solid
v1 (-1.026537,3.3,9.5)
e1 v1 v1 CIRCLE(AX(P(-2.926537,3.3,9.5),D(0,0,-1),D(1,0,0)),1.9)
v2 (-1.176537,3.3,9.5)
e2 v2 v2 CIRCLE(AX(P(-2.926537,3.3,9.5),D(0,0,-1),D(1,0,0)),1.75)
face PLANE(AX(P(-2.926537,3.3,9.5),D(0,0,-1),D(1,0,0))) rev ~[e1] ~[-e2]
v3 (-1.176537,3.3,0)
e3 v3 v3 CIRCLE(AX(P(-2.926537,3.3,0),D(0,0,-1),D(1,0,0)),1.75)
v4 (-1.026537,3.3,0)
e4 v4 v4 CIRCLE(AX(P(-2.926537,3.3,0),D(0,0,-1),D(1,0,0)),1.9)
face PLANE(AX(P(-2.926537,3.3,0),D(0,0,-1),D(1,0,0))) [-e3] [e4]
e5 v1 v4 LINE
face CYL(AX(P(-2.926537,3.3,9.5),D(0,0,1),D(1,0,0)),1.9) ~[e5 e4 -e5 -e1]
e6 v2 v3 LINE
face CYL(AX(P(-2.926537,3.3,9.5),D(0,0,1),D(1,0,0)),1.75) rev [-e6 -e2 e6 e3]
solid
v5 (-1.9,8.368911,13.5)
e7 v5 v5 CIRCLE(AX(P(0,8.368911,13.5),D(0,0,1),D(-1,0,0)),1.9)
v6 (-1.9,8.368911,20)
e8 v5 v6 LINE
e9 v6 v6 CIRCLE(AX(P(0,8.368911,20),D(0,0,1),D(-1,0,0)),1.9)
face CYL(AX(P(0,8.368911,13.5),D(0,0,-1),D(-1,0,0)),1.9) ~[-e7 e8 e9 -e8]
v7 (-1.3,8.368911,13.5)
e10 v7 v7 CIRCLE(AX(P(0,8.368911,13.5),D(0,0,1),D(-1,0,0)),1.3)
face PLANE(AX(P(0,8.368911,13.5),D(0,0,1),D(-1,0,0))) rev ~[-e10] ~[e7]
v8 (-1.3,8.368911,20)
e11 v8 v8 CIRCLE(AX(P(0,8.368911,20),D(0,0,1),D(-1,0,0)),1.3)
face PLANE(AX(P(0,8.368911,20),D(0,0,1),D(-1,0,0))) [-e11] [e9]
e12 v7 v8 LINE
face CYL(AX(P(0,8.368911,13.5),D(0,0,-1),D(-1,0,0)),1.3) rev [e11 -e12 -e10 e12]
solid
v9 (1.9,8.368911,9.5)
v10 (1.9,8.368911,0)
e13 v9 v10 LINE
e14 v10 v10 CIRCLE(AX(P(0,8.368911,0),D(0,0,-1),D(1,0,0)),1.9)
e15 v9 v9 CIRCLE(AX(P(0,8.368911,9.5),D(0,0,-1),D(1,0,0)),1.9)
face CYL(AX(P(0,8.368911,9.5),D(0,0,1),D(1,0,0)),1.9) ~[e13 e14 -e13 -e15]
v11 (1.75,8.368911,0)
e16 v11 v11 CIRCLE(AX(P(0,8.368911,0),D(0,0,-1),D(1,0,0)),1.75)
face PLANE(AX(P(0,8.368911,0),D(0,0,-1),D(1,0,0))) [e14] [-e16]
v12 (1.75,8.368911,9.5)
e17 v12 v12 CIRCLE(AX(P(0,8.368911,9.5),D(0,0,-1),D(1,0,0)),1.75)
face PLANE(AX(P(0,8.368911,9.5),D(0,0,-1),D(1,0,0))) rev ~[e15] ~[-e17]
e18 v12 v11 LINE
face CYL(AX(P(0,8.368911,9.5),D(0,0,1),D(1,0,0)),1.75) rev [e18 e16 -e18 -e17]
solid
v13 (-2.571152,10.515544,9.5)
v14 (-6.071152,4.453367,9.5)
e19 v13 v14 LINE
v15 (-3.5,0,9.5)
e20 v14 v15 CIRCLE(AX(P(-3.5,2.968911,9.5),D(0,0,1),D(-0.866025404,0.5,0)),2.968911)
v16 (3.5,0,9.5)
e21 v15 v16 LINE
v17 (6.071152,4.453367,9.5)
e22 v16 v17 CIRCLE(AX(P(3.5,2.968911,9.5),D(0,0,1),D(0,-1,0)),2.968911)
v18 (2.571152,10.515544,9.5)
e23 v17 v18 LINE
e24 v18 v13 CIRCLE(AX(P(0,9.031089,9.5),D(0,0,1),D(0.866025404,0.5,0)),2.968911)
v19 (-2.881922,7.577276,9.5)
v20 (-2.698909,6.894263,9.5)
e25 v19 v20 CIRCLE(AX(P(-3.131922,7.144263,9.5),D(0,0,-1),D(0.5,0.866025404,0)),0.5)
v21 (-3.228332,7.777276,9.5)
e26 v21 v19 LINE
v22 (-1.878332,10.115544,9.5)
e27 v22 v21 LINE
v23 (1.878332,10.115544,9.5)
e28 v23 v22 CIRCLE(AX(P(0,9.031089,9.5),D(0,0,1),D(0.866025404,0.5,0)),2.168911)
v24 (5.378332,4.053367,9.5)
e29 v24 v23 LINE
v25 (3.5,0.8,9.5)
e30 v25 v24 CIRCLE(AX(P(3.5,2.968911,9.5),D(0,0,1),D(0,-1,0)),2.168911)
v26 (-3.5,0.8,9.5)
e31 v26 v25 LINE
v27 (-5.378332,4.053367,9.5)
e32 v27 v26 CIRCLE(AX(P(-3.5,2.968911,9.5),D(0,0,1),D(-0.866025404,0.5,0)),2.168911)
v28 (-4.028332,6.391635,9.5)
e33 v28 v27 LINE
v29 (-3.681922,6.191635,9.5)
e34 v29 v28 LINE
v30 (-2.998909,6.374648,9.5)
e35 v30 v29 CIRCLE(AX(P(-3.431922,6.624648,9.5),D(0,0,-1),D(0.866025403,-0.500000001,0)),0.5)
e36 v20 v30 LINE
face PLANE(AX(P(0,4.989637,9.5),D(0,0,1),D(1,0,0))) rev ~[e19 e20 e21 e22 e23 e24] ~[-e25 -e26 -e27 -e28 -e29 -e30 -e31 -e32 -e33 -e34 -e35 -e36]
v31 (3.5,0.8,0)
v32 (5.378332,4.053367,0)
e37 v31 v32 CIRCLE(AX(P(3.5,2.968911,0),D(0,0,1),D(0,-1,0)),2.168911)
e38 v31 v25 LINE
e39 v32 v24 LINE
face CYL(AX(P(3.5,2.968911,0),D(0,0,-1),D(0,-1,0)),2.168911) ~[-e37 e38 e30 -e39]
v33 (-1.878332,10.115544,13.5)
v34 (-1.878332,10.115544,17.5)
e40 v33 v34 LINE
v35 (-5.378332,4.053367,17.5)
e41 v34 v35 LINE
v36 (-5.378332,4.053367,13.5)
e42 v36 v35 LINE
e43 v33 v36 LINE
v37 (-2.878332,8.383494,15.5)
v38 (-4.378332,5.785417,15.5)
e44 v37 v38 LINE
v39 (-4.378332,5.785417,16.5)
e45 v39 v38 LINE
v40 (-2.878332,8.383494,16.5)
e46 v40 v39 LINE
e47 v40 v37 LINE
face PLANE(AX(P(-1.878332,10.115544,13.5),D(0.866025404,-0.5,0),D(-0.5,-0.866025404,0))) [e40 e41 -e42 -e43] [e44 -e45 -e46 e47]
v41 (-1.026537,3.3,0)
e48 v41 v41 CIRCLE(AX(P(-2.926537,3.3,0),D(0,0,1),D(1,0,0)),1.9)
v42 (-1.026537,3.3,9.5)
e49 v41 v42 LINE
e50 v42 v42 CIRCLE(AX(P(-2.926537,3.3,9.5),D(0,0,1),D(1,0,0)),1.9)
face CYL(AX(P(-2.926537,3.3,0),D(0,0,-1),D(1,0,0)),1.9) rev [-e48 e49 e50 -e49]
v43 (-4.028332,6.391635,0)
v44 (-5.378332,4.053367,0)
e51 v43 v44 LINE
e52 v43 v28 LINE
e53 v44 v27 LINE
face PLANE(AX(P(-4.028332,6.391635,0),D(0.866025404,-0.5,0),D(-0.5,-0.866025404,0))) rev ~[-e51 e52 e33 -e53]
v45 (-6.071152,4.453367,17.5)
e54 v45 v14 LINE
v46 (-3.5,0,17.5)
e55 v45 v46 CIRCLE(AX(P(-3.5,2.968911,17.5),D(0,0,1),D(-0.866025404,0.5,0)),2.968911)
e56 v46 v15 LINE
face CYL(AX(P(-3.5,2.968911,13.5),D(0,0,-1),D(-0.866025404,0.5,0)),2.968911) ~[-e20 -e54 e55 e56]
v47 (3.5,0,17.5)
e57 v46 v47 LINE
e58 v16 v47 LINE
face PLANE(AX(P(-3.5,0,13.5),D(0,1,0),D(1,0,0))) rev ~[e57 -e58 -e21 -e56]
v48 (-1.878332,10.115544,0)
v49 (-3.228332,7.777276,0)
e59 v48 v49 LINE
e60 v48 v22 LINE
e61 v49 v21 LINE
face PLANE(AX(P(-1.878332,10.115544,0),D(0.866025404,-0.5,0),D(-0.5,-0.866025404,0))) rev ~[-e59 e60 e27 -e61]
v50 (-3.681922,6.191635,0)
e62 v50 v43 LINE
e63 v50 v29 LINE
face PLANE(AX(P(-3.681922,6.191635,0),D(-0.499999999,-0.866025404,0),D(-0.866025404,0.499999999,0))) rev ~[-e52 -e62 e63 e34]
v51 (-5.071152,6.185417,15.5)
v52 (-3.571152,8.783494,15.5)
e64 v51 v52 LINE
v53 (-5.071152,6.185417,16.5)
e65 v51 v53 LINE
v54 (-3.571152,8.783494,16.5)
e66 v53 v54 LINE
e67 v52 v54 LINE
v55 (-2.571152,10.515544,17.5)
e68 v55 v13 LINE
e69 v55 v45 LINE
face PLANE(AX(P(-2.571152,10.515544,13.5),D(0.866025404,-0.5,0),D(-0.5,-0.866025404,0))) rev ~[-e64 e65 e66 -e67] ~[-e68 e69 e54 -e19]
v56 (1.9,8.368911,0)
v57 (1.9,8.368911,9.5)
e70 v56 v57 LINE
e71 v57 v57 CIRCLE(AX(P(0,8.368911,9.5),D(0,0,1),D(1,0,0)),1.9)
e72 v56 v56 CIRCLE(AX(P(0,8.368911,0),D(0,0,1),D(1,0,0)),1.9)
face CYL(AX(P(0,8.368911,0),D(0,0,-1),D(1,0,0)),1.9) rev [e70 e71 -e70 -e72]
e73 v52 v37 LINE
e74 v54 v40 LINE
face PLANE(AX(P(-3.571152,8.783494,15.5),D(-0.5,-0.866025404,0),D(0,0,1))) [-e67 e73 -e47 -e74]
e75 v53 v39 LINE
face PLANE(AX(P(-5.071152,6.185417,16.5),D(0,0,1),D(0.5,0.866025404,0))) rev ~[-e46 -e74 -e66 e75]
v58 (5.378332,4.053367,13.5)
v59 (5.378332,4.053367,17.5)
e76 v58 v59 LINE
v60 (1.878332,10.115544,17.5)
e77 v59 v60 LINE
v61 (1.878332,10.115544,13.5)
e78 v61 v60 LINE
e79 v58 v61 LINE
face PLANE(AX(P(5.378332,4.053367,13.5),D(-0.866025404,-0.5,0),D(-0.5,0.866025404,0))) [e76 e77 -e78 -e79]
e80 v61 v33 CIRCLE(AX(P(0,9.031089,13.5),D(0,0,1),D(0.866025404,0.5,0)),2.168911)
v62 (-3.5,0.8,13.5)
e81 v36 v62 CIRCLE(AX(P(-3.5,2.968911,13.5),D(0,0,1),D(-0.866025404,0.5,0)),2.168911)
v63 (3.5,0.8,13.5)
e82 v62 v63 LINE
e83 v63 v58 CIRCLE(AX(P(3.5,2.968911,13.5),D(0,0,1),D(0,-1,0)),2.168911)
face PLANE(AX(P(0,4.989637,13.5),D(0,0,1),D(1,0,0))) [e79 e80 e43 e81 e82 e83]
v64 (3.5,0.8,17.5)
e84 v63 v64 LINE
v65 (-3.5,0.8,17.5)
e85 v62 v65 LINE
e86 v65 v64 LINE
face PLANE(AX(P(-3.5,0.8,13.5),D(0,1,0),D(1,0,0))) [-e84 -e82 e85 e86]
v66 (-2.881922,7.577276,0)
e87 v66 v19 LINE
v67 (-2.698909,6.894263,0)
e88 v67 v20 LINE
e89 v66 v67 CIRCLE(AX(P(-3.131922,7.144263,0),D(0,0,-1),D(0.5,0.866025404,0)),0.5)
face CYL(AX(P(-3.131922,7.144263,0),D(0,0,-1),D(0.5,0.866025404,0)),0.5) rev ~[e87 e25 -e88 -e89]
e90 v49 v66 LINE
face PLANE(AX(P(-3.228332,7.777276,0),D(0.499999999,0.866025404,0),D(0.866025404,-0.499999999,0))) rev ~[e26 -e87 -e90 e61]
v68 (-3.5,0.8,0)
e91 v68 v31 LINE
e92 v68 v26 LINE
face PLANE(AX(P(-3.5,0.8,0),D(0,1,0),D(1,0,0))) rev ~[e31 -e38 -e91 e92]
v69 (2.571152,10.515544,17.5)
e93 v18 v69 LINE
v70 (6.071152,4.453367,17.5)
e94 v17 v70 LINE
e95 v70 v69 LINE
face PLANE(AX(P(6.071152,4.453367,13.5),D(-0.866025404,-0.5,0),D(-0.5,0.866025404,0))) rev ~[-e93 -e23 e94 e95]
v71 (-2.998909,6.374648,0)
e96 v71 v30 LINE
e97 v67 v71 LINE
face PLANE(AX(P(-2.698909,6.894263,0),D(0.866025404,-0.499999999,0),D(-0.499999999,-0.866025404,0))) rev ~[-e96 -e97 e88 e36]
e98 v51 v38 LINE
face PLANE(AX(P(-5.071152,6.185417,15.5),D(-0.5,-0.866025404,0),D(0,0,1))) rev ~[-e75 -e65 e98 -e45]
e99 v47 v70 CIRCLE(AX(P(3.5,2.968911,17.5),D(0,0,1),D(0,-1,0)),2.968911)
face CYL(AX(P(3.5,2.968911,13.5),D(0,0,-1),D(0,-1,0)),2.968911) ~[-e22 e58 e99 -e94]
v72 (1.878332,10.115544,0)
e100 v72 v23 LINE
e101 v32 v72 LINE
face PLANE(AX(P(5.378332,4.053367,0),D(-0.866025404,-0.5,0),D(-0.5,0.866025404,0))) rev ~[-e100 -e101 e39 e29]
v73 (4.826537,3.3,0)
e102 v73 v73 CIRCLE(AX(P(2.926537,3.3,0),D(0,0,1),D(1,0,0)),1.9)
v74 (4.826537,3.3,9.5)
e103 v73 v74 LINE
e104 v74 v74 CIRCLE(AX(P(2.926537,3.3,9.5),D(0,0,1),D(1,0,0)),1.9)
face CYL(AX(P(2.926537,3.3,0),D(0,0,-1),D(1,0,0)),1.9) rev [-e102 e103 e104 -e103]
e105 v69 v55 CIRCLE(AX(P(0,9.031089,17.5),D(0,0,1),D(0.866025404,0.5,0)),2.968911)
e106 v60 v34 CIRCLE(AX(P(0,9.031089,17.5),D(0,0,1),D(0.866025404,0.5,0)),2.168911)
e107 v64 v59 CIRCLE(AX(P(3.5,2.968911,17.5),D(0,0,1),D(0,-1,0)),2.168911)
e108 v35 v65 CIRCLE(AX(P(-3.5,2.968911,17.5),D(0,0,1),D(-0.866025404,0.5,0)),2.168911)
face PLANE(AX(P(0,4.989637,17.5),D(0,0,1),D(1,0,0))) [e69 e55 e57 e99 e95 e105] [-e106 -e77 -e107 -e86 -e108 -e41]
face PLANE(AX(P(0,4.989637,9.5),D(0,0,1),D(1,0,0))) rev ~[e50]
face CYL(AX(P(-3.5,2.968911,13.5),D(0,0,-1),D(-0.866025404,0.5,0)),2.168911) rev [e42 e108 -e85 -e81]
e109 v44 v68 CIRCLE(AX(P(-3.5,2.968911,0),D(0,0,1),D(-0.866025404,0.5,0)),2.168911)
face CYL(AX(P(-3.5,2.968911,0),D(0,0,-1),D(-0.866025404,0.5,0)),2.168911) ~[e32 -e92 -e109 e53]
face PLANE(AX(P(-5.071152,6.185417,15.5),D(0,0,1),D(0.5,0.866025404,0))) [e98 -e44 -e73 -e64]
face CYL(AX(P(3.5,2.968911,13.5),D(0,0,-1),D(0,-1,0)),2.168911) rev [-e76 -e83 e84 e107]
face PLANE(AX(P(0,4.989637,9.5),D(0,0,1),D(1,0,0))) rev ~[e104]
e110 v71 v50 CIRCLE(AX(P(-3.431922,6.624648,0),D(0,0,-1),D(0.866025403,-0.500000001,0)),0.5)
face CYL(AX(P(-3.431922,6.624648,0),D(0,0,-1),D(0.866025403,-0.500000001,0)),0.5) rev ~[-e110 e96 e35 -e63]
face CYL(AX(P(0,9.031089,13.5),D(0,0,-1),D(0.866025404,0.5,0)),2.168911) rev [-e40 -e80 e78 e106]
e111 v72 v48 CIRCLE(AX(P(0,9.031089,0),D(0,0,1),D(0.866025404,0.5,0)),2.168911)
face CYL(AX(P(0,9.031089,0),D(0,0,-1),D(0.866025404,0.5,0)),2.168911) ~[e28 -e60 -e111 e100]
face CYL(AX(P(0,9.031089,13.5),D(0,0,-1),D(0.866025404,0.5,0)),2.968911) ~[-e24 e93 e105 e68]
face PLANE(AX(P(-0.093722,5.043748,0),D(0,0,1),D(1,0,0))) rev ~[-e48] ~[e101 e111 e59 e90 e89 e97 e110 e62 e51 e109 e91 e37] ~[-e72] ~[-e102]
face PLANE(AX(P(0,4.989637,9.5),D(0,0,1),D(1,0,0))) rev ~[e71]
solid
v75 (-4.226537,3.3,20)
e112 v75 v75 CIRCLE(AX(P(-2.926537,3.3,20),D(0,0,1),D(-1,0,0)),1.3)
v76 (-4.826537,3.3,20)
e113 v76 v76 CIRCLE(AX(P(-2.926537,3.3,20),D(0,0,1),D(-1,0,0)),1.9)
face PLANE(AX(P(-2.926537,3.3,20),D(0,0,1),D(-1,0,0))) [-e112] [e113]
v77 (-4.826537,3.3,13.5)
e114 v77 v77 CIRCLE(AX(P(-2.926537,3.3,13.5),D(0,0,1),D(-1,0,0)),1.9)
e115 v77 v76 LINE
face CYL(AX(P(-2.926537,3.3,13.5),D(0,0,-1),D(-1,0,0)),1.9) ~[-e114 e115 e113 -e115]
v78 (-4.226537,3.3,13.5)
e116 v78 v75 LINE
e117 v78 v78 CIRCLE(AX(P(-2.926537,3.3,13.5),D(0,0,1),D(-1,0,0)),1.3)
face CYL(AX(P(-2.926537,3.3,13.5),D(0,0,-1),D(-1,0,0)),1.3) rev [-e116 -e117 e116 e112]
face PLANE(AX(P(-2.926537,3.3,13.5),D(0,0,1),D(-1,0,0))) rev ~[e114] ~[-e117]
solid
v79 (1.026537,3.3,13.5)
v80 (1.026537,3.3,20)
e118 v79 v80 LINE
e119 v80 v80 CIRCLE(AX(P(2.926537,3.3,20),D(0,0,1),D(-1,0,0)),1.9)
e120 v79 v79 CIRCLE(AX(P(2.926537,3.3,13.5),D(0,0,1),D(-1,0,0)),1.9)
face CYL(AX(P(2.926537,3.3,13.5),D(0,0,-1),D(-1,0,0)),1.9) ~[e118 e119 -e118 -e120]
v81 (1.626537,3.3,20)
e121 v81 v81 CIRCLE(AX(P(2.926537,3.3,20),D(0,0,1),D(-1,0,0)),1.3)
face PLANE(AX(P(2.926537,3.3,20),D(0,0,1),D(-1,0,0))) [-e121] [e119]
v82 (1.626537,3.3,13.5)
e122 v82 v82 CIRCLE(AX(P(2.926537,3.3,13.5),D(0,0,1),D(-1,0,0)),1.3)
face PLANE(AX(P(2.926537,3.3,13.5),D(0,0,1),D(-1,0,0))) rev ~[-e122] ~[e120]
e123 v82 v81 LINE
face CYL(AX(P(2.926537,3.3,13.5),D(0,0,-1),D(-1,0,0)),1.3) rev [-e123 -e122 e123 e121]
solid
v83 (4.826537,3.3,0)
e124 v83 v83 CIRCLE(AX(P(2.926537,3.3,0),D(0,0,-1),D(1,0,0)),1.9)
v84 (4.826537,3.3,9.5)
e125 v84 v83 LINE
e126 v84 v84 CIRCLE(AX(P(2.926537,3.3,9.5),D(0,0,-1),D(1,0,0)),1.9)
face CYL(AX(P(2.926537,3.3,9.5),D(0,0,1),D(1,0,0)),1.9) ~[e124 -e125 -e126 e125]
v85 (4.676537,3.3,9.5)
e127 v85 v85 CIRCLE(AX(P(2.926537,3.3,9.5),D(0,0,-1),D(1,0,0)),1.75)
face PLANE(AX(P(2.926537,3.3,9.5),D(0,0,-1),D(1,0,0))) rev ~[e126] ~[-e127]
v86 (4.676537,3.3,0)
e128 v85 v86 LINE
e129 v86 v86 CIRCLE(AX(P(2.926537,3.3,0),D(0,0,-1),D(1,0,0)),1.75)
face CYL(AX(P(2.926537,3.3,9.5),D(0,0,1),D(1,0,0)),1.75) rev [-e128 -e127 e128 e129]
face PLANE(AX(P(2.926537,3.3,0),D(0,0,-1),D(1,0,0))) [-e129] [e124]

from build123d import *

# Parameters (mm, degrees)
SKETCH_1_R          = 1.9
EXTRUDE_1_DEPTH     = 9.5
EXTRUDE_2_DEPTH     = 4
EXTRUDE_3_DEPTH     = 4
SKETCH_4_R          = 1.9
SKETCH_4_R_2        = 1.75
EXTRUDE_4_DEPTH     = 9.5
EXTRUDE_4_2_DEPTH   = 9.5
EXTRUDE_4_3_DEPTH   = 9.5
SKETCH_5_R          = 1.9
SKETCH_5_R_2        = 1.3
EXTRUDE_5_DEPTH     = 6.5
EXTRUDE_5_2_DEPTH   = 6.5
EXTRUDE_5_3_DEPTH   = 6.5
SKETCH_6_W          = 1
SKETCH_6_H          = 3
CUT_EXTRUDE_1_DEPTH = 1


with BuildPart() as part:
    # Эскиз1 → Бобышка-Вытянуть1 (new body)
    with BuildSketch(Plane.XY):
        with BuildLine():
            Line((-1.8783321, 10.115544457), (-3.2283321, 7.777275866))
            Line((-3.2283321, 7.777275866), (-2.881921938, 7.577275866))
            ThreePointArc((-2.881921938, 7.577275866), (-2.648959025, 7.273672687), (-2.698909236, 6.894263165))
            Line((-2.698909236, 6.894263165), (-2.998909236, 6.374647922))
            ThreePointArc((-2.998909236, 6.374647922), (-3.302512416, 6.141685009), (-3.681921938, 6.19163522))
            Line((-3.681921938, 6.19163522), (-4.0283321, 6.39163522))
            Line((-4.0283321, 6.39163522), (-5.3783321, 4.05336663))
            ThreePointArc((-5.3783321, 4.05336663), (-5.3783321, 1.884455543), (-3.5, 0.8))
            Line((-3.5, 0.8), (3.5, 0.8))
            ThreePointArc((3.5, 0.8), (5.3783321, 1.884455543), (5.3783321, 4.05336663))
            Line((5.3783321, 4.05336663), (1.8783321, 10.115544457))
            ThreePointArc((1.8783321, 10.115544457), (0, 11.2), (-1.8783321, 10.115544457))
        make_face()
        with Locations((-2.92653718, 3.3)):
            Circle(SKETCH_1_R, mode=Mode.SUBTRACT)
        with Locations((0, 8.368911087)):
            Circle(SKETCH_1_R, mode=Mode.SUBTRACT)
        with Locations((2.92653718, 3.3)):
            Circle(SKETCH_1_R, mode=Mode.SUBTRACT)
    extrude(amount=EXTRUDE_1_DEPTH)

    # Эскиз2 → Бобышка-Вытянуть2 (add)
    with BuildSketch(Plane.XY.offset(9.5)):
        with BuildLine():
            Line((6.071152423, 4.45336663), (2.571152423, 10.515544457))
            ThreePointArc((2.571152423, 10.515544457), (0, 12), (-2.571152423, 10.515544457))
            Line((-2.571152423, 10.515544457), (-6.071152423, 4.45336663))
            ThreePointArc((-6.071152423, 4.45336663), (-6.071152423, 1.484455543), (-3.5, 0))
            Line((-3.5, 0), (3.5, 0))
            ThreePointArc((3.5, 0), (6.071152423, 1.484455543), (6.071152423, 4.45336663))
        make_face()
    extrude(amount=EXTRUDE_2_DEPTH)

    # Эскиз3 → Бобышка-Вытянуть3 (add)
    with BuildSketch(Plane.XY.offset(13.5)):
        with BuildLine():
            Line((-3.5, 0), (3.5, 0))
            ThreePointArc((3.5, 0), (6.071152423, 1.484455543), (6.071152423, 4.45336663))
            Line((6.071152423, 4.45336663), (2.571152423, 10.515544457))
            ThreePointArc((2.571152423, 10.515544457), (0, 12), (-2.571152423, 10.515544457))
            Line((-2.571152423, 10.515544457), (-6.071152423, 4.45336663))
            ThreePointArc((-6.071152423, 4.45336663), (-6.071152423, 1.484455543), (-3.5, 0))
        make_face()
        with BuildLine():
            ThreePointArc((3.5, 0.8), (5.3783321, 1.884455543), (5.3783321, 4.05336663))
            Line((5.3783321, 4.05336663), (1.8783321, 10.115544457))
            ThreePointArc((1.8783321, 10.115544457), (0, 11.2), (-1.8783321, 10.115544457))
            Line((-1.8783321, 10.115544457), (-5.3783321, 4.05336663))
            ThreePointArc((-5.3783321, 4.05336663), (-5.3783321, 1.884455543), (-3.5, 0.8))
            Line((-3.5, 0.8), (3.5, 0.8))
        make_face(mode=Mode.SUBTRACT)
    extrude(amount=EXTRUDE_3_DEPTH)

    # Эскиз6 → Вырез-Вытянуть1 (cut)
    with BuildSketch(Plane(origin=(-6.481728634, 3.742227772, 0), x_dir=(0, 0, 1), z_dir=(-0.8660254037844387, 0.49999999999999994, 0))):
        with Locations((16, 4.321152423)):
            Rectangle(SKETCH_6_W, SKETCH_6_H)
    extrude(amount=-CUT_EXTRUDE_1_DEPTH, mode=Mode.SUBTRACT)


with BuildPart() as body_2:
    # Эскиз4 → Бобышка-Вытянуть4 (new body)
    with BuildSketch(Plane(origin=(0, 0, 9.5), x_dir=(-1, 0, 0), z_dir=(0, 0, -1))):
        with Locations(Location((0, 8.368911087, 0), (0, 0, 180))):
            Circle(SKETCH_4_R)
        with Locations(Location((0, 8.368911087, 0), (0, 0, 180))):
            Circle(SKETCH_4_R_2, mode=Mode.SUBTRACT)
    extrude(amount=EXTRUDE_4_DEPTH)


with BuildPart() as body_3:
    # Эскиз4 → Extrude 4 2 (new body)
    with BuildSketch(Plane(origin=(0, 0, 9.5), x_dir=(-1, 0, 0), z_dir=(0, 0, -1))):
        with Locations(Location((-2.92653718, 3.3, 0), (0, 0, 180))):
            Circle(SKETCH_4_R)
        with Locations(Location((-2.92653718, 3.3, 0), (0, 0, 180))):
            Circle(SKETCH_4_R_2, mode=Mode.SUBTRACT)
    extrude(amount=EXTRUDE_4_2_DEPTH)


with BuildPart() as body_4:
    # Эскиз4 → Extrude 4 3 (new body)
    with BuildSketch(Plane(origin=(0, 0, 9.5), x_dir=(-1, 0, 0), z_dir=(0, 0, -1))):
        with Locations(Location((2.92653718, 3.3, 0), (0, 0, 180))):
            Circle(SKETCH_4_R)
        with Locations(Location((2.92653718, 3.3, 0), (0, 0, 180))):
            Circle(SKETCH_4_R_2, mode=Mode.SUBTRACT)
    extrude(amount=EXTRUDE_4_3_DEPTH)


with BuildPart() as body_5:
    # Эскиз5 → Бобышка-Вытянуть5 (new body)
    with BuildSketch(Plane.XY.offset(13.5)):
        with Locations(Location((0, 8.368911087, 0), (0, 0, 180))):
            Circle(SKETCH_5_R)
        with Locations(Location((0, 8.368911087, 0), (0, 0, 180))):
            Circle(SKETCH_5_R_2, mode=Mode.SUBTRACT)
    extrude(amount=EXTRUDE_5_DEPTH)


with BuildPart() as body_6:
    # Эскиз5 → Extrude 5 2 (new body)
    with BuildSketch(Plane.XY.offset(13.5)):
        with Locations(Location((2.92653718, 3.3, 0), (0, 0, 180))):
            Circle(SKETCH_5_R)
        with Locations(Location((2.92653718, 3.3, 0), (0, 0, 180))):
            Circle(SKETCH_5_R_2, mode=Mode.SUBTRACT)
    extrude(amount=EXTRUDE_5_2_DEPTH)


with BuildPart() as body_7:
    # Эскиз5 → Extrude 5 3 (new body)
    with BuildSketch(Plane.XY.offset(13.5)):
        with Locations(Location((-2.92653718, 3.3, 0), (0, 0, 180))):
            Circle(SKETCH_5_R)
        with Locations(Location((-2.92653718, 3.3, 0), (0, 0, 180))):
            Circle(SKETCH_5_R_2, mode=Mode.SUBTRACT)
    extrude(amount=EXTRUDE_5_3_DEPTH)


solid = Compound([part.part, body_2.part, body_3.part, body_4.part, body_5.part, body_6.part, body_7.part])
